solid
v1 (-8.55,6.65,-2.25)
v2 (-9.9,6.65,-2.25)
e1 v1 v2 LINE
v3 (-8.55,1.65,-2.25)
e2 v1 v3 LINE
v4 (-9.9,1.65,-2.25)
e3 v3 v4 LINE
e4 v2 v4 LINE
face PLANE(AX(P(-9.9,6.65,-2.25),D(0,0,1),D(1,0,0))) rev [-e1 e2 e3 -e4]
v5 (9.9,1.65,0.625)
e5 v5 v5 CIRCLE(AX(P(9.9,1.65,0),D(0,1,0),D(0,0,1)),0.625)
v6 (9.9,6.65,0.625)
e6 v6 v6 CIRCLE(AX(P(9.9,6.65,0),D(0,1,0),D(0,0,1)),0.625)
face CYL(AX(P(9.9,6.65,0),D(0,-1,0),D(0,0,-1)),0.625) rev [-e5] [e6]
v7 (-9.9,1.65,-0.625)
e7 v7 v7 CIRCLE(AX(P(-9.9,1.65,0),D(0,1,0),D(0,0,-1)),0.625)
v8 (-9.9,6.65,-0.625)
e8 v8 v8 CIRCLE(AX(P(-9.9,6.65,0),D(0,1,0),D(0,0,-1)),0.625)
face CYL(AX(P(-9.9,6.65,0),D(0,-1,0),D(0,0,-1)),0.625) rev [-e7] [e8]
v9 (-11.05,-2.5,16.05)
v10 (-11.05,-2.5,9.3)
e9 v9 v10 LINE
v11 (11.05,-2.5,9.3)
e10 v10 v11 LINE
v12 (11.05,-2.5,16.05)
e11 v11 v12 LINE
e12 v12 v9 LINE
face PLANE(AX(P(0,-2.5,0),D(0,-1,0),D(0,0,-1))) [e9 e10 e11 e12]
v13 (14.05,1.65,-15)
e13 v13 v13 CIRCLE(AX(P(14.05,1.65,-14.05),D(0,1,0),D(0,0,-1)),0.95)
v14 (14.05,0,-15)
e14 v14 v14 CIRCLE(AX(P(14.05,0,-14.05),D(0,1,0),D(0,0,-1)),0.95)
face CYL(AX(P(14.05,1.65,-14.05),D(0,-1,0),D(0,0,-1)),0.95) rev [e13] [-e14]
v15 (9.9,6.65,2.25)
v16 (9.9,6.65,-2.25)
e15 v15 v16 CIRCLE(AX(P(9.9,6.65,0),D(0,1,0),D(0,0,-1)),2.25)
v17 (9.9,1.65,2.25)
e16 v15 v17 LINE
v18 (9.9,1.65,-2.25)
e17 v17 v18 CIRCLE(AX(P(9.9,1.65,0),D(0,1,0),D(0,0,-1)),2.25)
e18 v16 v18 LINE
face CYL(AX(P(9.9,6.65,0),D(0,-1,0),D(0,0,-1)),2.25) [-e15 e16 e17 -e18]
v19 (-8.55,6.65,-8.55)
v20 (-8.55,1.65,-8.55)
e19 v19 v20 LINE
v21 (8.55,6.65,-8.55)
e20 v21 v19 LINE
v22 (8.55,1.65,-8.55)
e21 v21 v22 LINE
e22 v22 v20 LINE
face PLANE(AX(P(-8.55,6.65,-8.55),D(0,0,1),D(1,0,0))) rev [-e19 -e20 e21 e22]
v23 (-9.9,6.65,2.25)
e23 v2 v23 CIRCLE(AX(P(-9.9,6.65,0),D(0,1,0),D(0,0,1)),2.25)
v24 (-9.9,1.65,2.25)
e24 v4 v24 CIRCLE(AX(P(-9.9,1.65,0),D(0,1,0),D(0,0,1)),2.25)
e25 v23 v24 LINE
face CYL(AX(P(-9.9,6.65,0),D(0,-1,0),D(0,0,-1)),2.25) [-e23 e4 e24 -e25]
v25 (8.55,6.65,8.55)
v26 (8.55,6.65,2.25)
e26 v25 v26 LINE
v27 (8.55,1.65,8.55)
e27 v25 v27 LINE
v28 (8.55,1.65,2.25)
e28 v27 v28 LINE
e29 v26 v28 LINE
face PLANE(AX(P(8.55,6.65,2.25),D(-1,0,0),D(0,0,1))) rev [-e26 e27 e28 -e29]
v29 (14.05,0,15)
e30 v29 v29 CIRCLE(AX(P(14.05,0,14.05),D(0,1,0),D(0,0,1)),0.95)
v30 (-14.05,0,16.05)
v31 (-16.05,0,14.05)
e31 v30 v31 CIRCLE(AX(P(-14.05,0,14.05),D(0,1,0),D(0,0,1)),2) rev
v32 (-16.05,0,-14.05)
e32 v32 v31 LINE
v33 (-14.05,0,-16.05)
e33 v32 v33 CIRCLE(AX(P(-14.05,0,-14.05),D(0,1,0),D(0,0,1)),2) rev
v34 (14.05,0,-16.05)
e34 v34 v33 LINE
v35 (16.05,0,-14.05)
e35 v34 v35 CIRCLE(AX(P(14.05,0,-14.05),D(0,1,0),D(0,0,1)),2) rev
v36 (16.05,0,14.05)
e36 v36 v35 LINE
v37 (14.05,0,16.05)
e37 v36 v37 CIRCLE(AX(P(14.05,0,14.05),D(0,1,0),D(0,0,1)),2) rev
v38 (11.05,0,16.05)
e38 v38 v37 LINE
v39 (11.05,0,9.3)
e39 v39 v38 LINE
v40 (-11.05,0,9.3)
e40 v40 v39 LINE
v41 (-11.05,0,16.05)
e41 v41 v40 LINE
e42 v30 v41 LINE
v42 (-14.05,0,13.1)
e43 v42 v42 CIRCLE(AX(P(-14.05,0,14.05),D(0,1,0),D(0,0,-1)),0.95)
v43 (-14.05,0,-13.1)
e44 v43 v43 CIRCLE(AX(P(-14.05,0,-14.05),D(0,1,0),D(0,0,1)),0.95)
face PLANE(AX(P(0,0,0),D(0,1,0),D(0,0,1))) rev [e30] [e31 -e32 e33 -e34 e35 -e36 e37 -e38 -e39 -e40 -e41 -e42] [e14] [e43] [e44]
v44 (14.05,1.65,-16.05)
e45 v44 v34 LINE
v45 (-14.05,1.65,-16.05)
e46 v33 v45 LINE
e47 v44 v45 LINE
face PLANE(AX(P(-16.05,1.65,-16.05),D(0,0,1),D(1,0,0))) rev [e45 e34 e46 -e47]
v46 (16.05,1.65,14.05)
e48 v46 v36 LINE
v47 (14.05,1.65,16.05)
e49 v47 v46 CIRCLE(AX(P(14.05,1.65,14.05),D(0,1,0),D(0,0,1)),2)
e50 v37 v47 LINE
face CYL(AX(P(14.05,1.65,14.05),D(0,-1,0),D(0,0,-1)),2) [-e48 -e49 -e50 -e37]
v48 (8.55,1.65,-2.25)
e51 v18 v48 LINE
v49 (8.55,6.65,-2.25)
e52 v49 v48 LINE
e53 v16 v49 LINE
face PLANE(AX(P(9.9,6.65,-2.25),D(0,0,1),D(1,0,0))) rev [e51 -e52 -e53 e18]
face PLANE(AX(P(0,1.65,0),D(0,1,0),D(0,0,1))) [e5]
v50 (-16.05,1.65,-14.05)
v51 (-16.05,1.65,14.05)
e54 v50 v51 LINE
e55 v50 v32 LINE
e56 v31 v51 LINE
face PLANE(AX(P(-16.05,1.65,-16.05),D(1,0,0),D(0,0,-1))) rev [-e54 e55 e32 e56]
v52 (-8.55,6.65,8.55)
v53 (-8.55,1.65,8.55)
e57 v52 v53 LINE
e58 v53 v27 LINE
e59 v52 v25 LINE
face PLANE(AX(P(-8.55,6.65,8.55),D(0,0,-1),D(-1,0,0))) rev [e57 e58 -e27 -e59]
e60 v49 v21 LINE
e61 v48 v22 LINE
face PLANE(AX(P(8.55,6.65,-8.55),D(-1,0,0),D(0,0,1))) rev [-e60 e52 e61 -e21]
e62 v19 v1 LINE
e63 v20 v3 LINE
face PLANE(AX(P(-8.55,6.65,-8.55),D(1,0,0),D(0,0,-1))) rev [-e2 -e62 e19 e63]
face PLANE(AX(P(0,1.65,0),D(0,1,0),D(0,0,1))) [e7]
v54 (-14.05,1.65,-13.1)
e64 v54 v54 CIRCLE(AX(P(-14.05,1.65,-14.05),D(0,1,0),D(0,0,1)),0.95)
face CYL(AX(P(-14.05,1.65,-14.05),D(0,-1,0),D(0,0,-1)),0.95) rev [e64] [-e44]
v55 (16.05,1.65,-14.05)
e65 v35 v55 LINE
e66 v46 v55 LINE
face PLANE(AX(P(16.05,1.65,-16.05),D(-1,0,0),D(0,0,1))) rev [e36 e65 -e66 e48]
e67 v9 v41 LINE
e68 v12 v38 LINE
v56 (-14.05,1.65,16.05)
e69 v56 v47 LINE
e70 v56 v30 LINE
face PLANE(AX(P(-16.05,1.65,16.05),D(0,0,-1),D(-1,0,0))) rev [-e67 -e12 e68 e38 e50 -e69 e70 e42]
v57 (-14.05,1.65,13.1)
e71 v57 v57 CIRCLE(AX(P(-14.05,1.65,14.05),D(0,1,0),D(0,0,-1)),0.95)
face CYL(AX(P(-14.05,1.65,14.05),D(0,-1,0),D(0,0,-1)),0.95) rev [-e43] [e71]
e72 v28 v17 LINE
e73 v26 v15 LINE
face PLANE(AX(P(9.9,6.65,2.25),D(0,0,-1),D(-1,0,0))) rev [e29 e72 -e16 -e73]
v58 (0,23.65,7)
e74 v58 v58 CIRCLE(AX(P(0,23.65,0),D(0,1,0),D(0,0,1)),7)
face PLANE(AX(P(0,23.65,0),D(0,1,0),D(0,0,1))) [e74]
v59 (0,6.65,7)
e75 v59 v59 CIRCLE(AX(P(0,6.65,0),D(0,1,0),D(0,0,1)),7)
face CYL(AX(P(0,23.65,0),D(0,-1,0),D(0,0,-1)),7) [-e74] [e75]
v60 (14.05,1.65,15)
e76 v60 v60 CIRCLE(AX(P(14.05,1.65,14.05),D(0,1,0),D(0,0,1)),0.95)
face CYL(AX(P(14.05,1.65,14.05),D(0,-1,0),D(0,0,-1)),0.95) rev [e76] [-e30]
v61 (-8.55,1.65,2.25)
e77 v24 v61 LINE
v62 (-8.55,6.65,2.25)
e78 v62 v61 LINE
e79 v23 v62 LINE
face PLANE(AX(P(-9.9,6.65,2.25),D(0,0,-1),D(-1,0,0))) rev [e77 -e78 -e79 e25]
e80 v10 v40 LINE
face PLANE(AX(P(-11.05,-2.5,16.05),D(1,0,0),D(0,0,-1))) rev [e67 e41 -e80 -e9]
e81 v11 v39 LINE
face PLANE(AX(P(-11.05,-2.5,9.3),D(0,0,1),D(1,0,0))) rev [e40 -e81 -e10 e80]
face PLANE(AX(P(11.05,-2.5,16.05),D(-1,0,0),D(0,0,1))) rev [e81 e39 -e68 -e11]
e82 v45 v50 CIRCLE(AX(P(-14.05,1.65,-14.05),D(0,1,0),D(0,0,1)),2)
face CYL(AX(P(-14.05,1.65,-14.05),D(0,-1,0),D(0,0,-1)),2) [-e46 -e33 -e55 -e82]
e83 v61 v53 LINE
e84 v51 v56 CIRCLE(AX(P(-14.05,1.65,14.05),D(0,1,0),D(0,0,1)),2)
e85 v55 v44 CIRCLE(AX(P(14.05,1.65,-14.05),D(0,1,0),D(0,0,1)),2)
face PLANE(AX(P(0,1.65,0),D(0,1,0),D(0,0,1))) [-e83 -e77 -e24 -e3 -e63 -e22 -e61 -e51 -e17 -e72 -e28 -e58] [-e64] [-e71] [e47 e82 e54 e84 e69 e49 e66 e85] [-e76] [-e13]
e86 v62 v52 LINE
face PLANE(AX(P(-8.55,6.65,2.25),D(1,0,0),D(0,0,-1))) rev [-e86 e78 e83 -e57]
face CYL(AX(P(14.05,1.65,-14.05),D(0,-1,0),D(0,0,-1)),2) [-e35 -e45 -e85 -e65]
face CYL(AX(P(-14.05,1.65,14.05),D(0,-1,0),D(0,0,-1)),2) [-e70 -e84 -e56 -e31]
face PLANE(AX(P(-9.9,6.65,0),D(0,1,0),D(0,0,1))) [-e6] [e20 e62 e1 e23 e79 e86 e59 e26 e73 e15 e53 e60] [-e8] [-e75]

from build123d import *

# Parameters (mm, degrees)
SKETCH1_W           = 32.1
SKETCH1_H           = 32.1
SKETCH1_R           = 0.95
BOSS_EXTRUDE1_DEPTH = 1.65
SKETCH2_W           = 22.1
SKETCH2_H           = 6.75
BOSS_EXTRUDE2_DEPTH = 2.5
SKETCH3_R           = 0.625
BOSS_EXTRUDE3_DEPTH = 5
SKETCH4_R           = 7
BOSS_EXTRUDE4_DEPTH = 17
FILLET1_R           = 2


with BuildPart() as part:
    # Sketch1 → Boss-Extrude1 (new body)
    with BuildSketch(Plane(origin=(0, 0, 0), x_dir=(1, 0, 0), z_dir=(0, 1, 0))):
        Rectangle(SKETCH1_W, SKETCH1_H)
        with Locations(Location((-14.05, 14.05, 0), (0, 0, 270))):
            Circle(SKETCH1_R, mode=Mode.SUBTRACT)
        with Locations(Location((14.05, 14.05, 0), (0, 0, 90))):
            Circle(SKETCH1_R, mode=Mode.SUBTRACT)
        with Locations(Location((14.05, -14.05, 0), (0, 0, 270))):
            Circle(SKETCH1_R, mode=Mode.SUBTRACT)
        with Locations(Location((-14.05, -14.05, 0), (0, 0, 90))):
            Circle(SKETCH1_R, mode=Mode.SUBTRACT)
    extrude(amount=BOSS_EXTRUDE1_DEPTH)

    # Sketch2 → Boss-Extrude2 (add)
    with BuildSketch(Plane.XZ):
        with Locations((0, 12.675)):
            Rectangle(SKETCH2_W, SKETCH2_H)
    extrude(amount=BOSS_EXTRUDE2_DEPTH)

    # Sketch3 → Boss-Extrude3 (add)
    with BuildSketch(Plane(origin=(0, 1.65, 0), x_dir=(1, 0, 0), z_dir=(0, 1, 0))):
        with BuildLine():
            Line((9.9, 2.25), (8.55, 2.25))
            Line((8.55, 2.25), (8.55, 8.55))
            Line((8.55, 8.55), (-8.55, 8.55))
            Line((-8.55, 8.55), (-8.55, 2.25))
            Line((-8.55, 2.25), (-9.9, 2.25))
            ThreePointArc((-9.9, 2.25), (-12.15, 0), (-9.9, -2.25))
            Line((-9.9, -2.25), (-8.55, -2.25))
            Line((-8.55, -2.25), (-8.55, -8.55))
            Line((-8.55, -8.55), (8.55, -8.55))
            Line((8.55, -8.55), (8.55, -2.25))
            Line((8.55, -2.25), (9.9, -2.25))
            ThreePointArc((9.9, -2.25), (12.15, 0), (9.9, 2.25))
        make_face()
        with Locations(Location((9.9, 0, 0), (0, 0, 270))):
            Circle(SKETCH3_R, mode=Mode.SUBTRACT)
        with Locations(Location((-9.9, 0, 0), (0, 0, 90))):
            Circle(SKETCH3_R, mode=Mode.SUBTRACT)
    extrude(amount=BOSS_EXTRUDE3_DEPTH)

    # Sketch4 → Boss-Extrude4 (add)
    with BuildSketch(Plane(origin=(0, 6.65, 0), x_dir=(1, 0, 0), z_dir=(0, 1, 0))):
        with Locations(Location((0, 0, 0), (0, 0, 270))):
            Circle(SKETCH4_R)
    extrude(amount=BOSS_EXTRUDE4_DEPTH)

    # Fillet1
    fillet1_edges = [part.edges().sort_by_distance(p)[0] for p in [
        (-16.05, 0.825, -16.05),
        (16.05, 0.825, -16.05),
        (16.05, 0.825, 16.05),
        (-16.05, 0.825, 16.05),
    ]]
    fillet(fillet1_edges, radius=FILLET1_R)


solid = part.part
